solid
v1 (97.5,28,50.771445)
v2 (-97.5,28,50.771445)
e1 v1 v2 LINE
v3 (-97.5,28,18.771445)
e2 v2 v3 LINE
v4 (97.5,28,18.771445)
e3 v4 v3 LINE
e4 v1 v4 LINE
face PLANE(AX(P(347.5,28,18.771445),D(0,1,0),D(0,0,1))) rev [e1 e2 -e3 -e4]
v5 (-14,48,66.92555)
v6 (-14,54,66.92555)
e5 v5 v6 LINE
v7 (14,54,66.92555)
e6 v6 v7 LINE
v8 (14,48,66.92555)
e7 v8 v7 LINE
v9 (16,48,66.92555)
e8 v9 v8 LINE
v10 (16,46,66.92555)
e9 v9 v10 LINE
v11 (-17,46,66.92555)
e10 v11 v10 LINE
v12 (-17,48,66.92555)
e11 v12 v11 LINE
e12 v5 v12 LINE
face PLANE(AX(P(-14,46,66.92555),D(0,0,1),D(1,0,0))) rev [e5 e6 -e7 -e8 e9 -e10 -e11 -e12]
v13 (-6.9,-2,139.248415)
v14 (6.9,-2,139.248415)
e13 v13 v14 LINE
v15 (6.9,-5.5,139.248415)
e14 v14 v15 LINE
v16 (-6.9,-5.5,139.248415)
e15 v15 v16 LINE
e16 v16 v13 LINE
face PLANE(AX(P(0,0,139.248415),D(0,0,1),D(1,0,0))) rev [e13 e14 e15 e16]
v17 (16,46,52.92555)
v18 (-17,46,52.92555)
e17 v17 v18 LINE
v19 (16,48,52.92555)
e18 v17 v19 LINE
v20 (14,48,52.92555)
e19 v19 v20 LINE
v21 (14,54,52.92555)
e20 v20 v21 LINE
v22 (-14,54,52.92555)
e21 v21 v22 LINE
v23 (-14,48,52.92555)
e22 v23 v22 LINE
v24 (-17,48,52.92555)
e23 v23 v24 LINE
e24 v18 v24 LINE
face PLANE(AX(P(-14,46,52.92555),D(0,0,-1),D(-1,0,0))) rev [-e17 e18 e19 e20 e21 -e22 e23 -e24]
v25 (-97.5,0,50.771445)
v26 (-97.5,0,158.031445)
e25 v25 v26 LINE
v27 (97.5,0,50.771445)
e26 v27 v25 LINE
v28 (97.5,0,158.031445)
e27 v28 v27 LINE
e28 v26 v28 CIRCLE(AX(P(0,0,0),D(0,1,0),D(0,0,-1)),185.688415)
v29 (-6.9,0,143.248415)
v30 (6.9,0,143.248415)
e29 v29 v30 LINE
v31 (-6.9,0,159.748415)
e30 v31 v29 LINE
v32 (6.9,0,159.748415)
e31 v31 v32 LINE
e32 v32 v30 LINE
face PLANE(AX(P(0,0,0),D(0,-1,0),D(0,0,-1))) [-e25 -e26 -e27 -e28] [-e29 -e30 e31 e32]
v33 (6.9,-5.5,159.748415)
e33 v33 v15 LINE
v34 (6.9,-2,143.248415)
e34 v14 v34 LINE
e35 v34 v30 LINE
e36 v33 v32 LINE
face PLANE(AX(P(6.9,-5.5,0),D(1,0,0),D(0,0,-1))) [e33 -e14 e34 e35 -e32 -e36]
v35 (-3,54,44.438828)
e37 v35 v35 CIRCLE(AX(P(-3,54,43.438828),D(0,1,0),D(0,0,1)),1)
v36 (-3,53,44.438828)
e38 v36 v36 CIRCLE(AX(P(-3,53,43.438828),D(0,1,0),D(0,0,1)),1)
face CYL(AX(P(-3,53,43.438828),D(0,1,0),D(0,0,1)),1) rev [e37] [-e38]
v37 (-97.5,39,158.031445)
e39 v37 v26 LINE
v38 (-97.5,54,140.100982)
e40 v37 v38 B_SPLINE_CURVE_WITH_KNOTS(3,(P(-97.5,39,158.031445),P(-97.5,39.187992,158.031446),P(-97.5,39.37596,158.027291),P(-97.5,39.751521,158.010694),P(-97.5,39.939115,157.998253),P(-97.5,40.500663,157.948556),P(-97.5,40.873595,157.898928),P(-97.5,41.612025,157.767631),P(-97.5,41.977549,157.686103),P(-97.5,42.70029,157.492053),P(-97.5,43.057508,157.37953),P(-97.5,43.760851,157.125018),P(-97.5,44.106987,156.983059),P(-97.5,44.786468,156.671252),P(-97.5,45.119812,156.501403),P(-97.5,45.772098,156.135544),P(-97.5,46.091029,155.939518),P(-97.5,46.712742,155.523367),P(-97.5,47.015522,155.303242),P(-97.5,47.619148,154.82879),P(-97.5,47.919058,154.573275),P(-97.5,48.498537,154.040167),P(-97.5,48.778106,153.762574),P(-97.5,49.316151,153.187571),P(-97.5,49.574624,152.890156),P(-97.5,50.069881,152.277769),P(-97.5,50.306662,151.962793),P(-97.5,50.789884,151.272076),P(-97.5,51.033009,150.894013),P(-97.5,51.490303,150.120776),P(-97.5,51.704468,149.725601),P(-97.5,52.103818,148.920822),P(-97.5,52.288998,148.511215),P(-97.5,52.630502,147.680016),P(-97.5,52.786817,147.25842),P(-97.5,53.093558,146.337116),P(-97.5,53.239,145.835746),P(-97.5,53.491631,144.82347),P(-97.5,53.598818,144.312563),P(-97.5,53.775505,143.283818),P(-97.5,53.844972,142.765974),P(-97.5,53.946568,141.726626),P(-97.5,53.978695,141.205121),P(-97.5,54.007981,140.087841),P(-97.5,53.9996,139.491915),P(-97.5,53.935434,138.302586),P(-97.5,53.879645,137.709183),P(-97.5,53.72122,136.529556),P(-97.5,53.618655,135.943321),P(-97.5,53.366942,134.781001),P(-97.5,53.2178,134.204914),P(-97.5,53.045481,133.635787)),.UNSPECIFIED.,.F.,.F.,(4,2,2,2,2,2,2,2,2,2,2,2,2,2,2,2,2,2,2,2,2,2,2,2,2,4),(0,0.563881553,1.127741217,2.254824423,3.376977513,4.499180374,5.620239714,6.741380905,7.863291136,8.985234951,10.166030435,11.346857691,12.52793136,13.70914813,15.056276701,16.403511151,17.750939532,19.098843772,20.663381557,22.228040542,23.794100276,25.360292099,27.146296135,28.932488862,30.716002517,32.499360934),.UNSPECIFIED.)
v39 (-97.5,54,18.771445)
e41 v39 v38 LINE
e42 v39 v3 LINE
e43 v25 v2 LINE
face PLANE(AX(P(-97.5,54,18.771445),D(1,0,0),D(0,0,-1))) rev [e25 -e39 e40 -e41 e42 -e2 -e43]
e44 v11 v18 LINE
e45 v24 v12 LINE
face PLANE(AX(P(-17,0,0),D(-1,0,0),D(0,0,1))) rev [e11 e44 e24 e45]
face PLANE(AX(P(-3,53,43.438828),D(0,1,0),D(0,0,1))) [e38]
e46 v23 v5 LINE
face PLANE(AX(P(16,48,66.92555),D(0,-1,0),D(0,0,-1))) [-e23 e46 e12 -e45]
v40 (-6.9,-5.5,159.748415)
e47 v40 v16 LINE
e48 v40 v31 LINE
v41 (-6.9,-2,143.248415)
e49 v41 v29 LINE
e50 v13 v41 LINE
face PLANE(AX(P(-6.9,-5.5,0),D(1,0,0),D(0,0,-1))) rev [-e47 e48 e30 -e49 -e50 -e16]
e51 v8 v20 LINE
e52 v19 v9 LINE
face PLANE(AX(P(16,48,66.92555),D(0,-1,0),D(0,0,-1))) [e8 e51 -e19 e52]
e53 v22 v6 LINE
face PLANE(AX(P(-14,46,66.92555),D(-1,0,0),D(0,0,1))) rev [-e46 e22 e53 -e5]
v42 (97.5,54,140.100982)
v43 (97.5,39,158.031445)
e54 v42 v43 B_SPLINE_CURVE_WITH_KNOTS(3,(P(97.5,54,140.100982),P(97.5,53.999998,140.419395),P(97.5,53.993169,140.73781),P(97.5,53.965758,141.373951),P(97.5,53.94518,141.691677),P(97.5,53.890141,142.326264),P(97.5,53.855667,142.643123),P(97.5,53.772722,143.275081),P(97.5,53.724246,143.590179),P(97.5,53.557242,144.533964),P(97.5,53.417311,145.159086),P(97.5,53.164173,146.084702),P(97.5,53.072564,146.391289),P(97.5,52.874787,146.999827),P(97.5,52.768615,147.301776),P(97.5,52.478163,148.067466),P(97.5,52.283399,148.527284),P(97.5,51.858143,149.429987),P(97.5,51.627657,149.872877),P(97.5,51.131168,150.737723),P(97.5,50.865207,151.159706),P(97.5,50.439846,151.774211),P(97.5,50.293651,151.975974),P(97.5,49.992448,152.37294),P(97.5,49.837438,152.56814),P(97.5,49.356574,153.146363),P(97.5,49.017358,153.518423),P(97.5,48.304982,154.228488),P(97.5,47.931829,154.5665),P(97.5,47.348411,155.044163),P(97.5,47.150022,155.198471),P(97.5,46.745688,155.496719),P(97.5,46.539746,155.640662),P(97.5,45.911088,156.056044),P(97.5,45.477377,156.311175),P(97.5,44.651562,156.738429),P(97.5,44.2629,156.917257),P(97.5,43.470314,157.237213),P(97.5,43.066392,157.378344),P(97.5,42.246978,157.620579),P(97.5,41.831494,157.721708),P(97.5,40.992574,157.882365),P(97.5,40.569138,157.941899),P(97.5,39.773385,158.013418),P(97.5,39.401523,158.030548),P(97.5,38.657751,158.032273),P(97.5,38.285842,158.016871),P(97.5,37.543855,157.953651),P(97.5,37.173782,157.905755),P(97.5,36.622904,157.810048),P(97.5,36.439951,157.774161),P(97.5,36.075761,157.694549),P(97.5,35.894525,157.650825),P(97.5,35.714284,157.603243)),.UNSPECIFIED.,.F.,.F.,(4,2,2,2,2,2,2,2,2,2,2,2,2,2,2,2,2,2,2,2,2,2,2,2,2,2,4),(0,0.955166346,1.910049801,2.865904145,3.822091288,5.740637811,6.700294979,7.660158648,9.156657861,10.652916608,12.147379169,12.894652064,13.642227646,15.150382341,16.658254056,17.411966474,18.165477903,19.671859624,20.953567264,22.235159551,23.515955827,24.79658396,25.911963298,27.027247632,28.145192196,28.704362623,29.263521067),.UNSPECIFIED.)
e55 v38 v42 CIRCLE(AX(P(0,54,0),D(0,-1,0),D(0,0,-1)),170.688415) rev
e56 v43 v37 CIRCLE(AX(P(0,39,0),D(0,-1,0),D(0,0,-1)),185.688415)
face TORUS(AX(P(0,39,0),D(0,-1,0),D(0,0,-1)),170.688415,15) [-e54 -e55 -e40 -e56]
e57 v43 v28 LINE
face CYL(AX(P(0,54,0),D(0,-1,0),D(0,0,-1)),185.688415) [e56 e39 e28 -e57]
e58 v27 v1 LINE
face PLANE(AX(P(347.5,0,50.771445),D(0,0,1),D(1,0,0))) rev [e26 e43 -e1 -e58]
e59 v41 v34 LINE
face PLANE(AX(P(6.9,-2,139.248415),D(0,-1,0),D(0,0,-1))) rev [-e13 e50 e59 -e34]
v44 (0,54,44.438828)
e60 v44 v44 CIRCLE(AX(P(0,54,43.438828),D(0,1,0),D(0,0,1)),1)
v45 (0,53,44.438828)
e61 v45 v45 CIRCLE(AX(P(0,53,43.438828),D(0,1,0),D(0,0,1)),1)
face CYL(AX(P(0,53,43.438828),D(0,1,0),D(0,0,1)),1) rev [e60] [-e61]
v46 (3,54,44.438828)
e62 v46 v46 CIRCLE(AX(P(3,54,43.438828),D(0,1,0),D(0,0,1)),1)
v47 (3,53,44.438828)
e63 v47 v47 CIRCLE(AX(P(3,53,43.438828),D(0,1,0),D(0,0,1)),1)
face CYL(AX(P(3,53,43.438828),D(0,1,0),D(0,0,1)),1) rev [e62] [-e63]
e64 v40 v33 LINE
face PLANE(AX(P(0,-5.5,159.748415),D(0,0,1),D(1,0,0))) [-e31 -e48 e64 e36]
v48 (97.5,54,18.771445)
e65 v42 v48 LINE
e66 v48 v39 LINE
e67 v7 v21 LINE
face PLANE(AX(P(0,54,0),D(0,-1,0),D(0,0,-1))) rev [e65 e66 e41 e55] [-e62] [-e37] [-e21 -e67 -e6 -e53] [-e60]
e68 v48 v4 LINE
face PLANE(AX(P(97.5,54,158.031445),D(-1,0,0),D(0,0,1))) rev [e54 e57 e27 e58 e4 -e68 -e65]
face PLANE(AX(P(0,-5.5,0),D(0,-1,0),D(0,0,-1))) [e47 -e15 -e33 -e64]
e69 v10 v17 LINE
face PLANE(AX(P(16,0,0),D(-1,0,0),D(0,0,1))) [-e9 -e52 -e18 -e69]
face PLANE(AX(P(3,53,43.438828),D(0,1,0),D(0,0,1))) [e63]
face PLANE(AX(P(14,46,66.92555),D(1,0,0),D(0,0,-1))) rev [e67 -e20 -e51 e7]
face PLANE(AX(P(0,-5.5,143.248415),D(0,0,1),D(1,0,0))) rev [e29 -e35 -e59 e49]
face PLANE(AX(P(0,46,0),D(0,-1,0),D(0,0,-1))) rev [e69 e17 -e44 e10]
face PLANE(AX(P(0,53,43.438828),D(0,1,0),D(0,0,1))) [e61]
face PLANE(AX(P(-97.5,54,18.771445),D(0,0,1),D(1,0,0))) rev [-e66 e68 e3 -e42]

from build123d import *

# Parameters (mm, degrees)
BOSS_EXTRUDE1_DEPTH     = 54
FILLET1_R               = 15
SKETCH2_W               = 32
SKETCH2_H               = 28
CUT_EXTRUDE1_DEPTH      = 445
SKETCH3_W               = 13.8
SKETCH3_H               = 16.5
BOSS_EXTRUDE2_DEPTH     = 5.5
SKETCH4_W               = 13.8
SKETCH4_H               = 3.5
BOSS_EXTRUDE3_DEPTH     = 4
SKETCH5_R               = 1
CUT_EXTRUDE2_DEPTH      = 1
SKETCH6_W               = 28
SKETCH6_H               = 14
CUT_EXTRUDE3_DEPTH      = 8
SKETCH7_W               = 14
SKETCH7_H               = 2
CUT_EXTRUDE4_DEPTH      = 30
CUT_EXTRUDE4_DEPTH_BACK = 3


with BuildPart() as part:
    # Sketch1 → Boss-Extrude1 (new body)
    with BuildSketch(Plane(origin=(0, 0, 0), x_dir=(1, 0, 0), z_dir=(0, 1, 0))):
        with BuildLine():
            Line((-97.5, -18.771444772), (97.5, -18.771444772))
            Line((97.5, -18.771444772), (97.5, -158.031444772))
            ThreePointArc((97.5, -158.031444772), (0, -185.688415193), (-97.5, -158.031444772))
            Line((-97.5, -158.031444772), (-97.5, -18.771444772))
        make_face()
    extrude(amount=BOSS_EXTRUDE1_DEPTH)

    # Fillet1
    fillet1_edges = [part.edges().sort_by_distance(p)[0] for p in [
        (0, 54, 185.688415193),
    ]]
    fillet(fillet1_edges, radius=FILLET1_R)

    # Sketch2 → Cut-Extrude1 (cut)
    with BuildSketch(Plane.ZY.offset(97.5)):
        with Locations((34.771444772, 14)):
            Rectangle(SKETCH2_W, SKETCH2_H)
    extrude(amount=-CUT_EXTRUDE1_DEPTH, mode=Mode.SUBTRACT)

    # Sketch3 → Boss-Extrude2 (add)
    with BuildSketch(Plane.XZ):
        with Locations((0, 151.498415193)):
            Rectangle(SKETCH3_W, SKETCH3_H)
    extrude(amount=BOSS_EXTRUDE2_DEPTH)

    # Sketch4 → Boss-Extrude3 (add)
    with BuildSketch(Plane(origin=(0, 0, 143.248415193), x_dir=(-1, 0, 0), z_dir=(0, 0, -1))):
        with Locations((0, -3.75)):
            Rectangle(SKETCH4_W, SKETCH4_H)
    extrude(amount=BOSS_EXTRUDE3_DEPTH)

    # Sketch5 → Cut-Extrude2 (cut)
    with BuildSketch(Plane(origin=(0, 54, 0), x_dir=(1, 0, 0), z_dir=(0, 1, 0))):
        with Locations((0, -43.438827689)):
            Circle(SKETCH5_R)
        with Locations((3, -43.438827689)):
            Circle(SKETCH5_R)
        with Locations((-3, -43.438827689)):
            Circle(SKETCH5_R)
    extrude(amount=-CUT_EXTRUDE2_DEPTH, mode=Mode.SUBTRACT)

    # Sketch6 → Cut-Extrude3 (cut)
    with BuildSketch(Plane(origin=(0, 54, 0), x_dir=(1, 0, 0), z_dir=(0, 1, 0))):
        with Locations((0, -59.925549651)):
            Rectangle(SKETCH6_W, SKETCH6_H)
    extrude(amount=-CUT_EXTRUDE3_DEPTH, mode=Mode.SUBTRACT)

    # Sketch7 → Cut-Extrude4 (cut, two sides)
    with BuildSketch(Plane(origin=(-14, 0, 0), x_dir=(0, 0, -1), z_dir=(1, 0, 0))) as cut_extrude4_sk:
        with Locations((-59.925549651, 47)):
            Rectangle(SKETCH7_W, SKETCH7_H)
    extrude(amount=CUT_EXTRUDE4_DEPTH, mode=Mode.SUBTRACT)
    extrude(cut_extrude4_sk.sketch, amount=-CUT_EXTRUDE4_DEPTH_BACK, mode=Mode.SUBTRACT)


solid = part.part
